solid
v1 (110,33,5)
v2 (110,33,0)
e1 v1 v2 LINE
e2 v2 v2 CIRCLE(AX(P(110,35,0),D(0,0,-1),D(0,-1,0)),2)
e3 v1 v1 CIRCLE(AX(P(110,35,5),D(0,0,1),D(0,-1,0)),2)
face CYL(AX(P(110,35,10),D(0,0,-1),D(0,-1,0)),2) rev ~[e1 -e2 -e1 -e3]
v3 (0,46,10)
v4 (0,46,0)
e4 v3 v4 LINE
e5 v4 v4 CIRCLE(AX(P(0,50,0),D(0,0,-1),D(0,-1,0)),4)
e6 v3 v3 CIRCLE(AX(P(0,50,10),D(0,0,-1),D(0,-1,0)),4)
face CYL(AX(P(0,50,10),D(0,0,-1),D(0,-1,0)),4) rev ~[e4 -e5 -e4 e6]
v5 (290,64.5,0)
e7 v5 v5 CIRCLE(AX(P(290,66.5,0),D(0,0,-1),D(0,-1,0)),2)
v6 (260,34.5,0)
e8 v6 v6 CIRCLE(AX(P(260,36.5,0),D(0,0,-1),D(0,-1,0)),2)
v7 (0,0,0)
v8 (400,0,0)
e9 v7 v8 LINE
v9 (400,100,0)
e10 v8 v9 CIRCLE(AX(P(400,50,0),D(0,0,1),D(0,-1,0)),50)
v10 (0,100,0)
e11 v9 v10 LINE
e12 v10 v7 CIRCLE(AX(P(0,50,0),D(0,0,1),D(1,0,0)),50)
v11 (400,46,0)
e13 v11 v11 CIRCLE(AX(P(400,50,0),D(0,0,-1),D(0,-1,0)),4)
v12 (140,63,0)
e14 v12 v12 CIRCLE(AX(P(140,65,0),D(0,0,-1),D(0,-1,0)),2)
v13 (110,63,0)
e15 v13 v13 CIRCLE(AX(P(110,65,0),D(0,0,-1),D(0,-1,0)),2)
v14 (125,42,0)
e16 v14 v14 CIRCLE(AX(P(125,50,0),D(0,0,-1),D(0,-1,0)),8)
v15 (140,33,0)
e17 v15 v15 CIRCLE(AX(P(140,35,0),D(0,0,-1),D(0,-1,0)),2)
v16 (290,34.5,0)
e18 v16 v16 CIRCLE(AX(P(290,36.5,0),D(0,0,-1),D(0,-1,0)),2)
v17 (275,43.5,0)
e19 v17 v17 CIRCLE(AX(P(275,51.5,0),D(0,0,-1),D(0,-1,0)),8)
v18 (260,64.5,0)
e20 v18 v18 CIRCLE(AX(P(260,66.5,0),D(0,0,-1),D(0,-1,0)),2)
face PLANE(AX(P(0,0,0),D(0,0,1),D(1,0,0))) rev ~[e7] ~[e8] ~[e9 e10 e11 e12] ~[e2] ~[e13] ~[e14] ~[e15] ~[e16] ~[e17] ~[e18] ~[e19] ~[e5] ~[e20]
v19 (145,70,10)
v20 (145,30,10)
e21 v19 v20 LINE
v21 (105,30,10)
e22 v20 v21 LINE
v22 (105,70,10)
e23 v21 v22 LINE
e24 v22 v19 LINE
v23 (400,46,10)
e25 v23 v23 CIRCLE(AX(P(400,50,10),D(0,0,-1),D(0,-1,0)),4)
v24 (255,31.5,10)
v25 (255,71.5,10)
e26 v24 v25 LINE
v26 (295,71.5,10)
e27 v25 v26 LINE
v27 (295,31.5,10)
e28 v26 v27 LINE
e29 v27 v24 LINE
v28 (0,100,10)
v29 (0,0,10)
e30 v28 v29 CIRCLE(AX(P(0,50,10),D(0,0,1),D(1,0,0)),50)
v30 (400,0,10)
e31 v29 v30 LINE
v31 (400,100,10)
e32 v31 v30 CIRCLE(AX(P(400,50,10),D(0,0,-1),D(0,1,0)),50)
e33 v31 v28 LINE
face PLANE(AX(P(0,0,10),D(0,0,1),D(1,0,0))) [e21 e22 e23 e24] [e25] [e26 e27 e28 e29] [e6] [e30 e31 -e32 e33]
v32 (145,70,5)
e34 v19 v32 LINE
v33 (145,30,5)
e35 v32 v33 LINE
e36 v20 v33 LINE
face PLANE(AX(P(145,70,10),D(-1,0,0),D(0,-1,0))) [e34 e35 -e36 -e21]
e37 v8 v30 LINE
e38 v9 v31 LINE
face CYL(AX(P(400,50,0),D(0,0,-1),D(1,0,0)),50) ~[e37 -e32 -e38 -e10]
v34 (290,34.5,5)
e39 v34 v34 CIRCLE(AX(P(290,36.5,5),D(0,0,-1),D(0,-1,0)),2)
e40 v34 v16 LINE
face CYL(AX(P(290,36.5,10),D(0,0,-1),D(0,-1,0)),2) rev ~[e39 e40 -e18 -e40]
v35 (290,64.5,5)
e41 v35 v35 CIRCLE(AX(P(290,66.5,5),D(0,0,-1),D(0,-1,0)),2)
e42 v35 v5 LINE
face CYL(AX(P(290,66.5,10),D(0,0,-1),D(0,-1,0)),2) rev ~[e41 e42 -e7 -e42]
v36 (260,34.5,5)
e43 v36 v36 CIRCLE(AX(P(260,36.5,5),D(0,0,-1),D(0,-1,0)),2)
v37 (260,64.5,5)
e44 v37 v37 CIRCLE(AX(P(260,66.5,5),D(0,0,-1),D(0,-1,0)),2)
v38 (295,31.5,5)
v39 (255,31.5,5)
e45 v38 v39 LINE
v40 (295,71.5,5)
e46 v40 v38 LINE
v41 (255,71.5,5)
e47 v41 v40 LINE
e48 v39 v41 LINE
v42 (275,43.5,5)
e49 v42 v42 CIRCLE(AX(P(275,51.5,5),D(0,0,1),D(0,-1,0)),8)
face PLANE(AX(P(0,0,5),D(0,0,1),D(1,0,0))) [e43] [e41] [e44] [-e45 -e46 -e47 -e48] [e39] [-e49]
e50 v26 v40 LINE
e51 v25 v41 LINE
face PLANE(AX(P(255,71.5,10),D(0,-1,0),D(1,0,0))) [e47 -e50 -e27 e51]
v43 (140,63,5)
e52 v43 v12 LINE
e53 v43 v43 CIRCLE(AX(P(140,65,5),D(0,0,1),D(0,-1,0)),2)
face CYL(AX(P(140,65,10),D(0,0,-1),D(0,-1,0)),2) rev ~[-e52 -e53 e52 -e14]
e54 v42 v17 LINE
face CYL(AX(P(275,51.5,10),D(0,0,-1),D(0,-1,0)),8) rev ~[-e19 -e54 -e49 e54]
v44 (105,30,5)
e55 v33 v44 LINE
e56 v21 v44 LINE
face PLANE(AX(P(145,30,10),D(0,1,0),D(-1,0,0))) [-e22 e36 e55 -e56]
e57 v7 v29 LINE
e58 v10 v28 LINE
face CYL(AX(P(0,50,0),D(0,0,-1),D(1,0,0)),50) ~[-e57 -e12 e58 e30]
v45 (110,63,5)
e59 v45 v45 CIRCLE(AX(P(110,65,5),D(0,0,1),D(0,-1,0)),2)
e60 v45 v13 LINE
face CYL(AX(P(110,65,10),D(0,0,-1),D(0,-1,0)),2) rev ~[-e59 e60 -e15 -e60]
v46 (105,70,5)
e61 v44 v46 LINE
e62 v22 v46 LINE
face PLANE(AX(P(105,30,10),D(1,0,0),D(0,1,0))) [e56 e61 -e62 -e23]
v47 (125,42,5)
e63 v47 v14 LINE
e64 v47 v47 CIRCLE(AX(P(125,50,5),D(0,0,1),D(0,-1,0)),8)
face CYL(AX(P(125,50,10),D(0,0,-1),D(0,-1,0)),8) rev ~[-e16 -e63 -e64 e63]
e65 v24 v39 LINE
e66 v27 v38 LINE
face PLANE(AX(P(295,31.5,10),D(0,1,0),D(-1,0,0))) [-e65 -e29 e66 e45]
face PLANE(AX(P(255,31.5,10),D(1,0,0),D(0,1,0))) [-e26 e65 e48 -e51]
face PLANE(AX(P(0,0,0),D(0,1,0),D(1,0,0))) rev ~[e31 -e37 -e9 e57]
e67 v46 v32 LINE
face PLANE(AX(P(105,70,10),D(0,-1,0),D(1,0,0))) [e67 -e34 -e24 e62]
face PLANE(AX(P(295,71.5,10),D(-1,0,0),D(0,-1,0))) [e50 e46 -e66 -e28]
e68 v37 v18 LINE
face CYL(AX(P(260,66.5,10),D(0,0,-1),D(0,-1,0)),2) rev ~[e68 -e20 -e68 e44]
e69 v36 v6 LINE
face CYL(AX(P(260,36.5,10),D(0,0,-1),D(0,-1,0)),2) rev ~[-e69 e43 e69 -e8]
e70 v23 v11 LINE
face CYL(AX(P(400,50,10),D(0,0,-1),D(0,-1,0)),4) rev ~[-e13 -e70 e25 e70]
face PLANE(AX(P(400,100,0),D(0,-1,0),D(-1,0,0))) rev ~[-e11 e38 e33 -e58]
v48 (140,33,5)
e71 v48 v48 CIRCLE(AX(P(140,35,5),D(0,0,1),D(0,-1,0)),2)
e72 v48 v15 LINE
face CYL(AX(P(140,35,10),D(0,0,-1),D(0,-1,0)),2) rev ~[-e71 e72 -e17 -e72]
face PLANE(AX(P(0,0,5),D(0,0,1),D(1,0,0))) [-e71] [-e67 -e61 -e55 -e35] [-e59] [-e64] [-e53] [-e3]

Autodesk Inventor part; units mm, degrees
ref_plane "YZ Plane" through (0, 0, 0) normal (1, 0, 0) x (0, 1, 0)
ref_plane "XZ Plane" through (0, 0, 0) normal (0, 1, 0) x (-1, 0, 0)
ref_plane "XY Plane" through (0, 0, 0) normal (0, 0, 1) x (1, 0, 0)
sketch "Sketch1" plane through (0, 0, 0) normal (0, 0, 1) x (1, 0, 0)
  line L0 (0, 0) -> (400, 0)
  line L1 (400, 0) -> (400, 100)
  line L2 (400, 100) -> (0, 100)
  line L3 (0, 100) -> (0, 0)
  circle A0 centre (0, 50) radius 50
  circle A1 centre (400, 50) radius 50
  dimension "d0" = 400
  dimension "d1" = 100
extrude "Extrusion1" add sketch "Sketch1" along normal blind 10
sketch "Sketch2" plane through (0, 0, 10) normal (0, 0, 1) x (1, 0, 0)
  arc A0 (0, 100) -> (0, 0) centre (0, 50) ccw projected
  arc A1 (400, 0) -> (400, 100) centre (400, 50) ccw projected
hole "Hole1" at (0, 50, 10) at (400, 50, 10) direction (0, 0, -1) diameter 8 end through all
sketch "Sketch3" plane through (0, 0, 10) normal (0, 0, 1) x (1, 0, 0)
  circle A0 centre (0, 50) radius 4 projected
  circle A1 centre (400, 50) radius 4 projected
  point P0 (125, 50)
  point P1 (275, 51.5)
  dimension "d11" = 125
  dimension "d55" = 125
hole "Hole2" at (125, 50, 10) at (275, 51.5, 10) direction (0, 0, -1) diameter 16 end through all
sketch "Sketch4" plane through (0, 0, 10) normal (0, 0, 1) x (1, 0, 0)
  circle A0 centre (275, 51.5) radius 8 projected
  circle A1 centre (125, 50) radius 8 projected
  line L0 (110, 65) -> (140, 65)
  line L1 (140, 65) -> (140, 35)
  line L2 (140, 35) -> (110, 35)
  line L3 (110, 35) -> (110, 65)
  line L4 (260, 66.5) -> (290, 66.5)
  line L5 (290, 66.5) -> (290, 36.5)
  line L6 (290, 36.5) -> (260, 36.5)
  line L7 (260, 36.5) -> (260, 66.5)
  dimension "d22" = 30
  dimension "d23" = 30
  dimension "d26" = 30
  dimension "d27" = 30
  dimension "d30" = 15
  dimension "d32" = 15
  dimension "d34" = 15
  dimension "d36" = 15
hole "Hole3" at (110, 35, 10) at (110, 65, 10) at (140, 65, 10) at (140, 35, 10) at (260, 36.5, 10) at (260, 66.5, 10) at (290, 66.5, 10) at (290, 36.5, 10) direction (0, 0, -1) diameter 4 end through all
sketch "Sketch5" plane through (0, 0, 10) normal (0, 0, 1) x (1, 0, 0)
  circle A0 centre (140, 35) radius 2 projected
  circle A1 centre (140, 65) radius 2 projected
  circle A2 centre (110, 65) radius 2 projected
  circle A3 centre (110, 35) radius 2 projected
  circle A4 centre (125, 50) radius 8 projected
  line L0 (105, 70) -> (145, 70)
  line L1 (145, 70) -> (145, 30)
  line L2 (145, 30) -> (105, 30)
  line L3 (105, 30) -> (105, 70)
  circle A5 centre (275, 51.5) radius 8 projected
  line L4 (255, 71.5) -> (295, 71.5)
  line L5 (295, 71.5) -> (295, 31.5)
  line L6 (295, 31.5) -> (255, 31.5)
  line L7 (255, 31.5) -> (255, 71.5)
  dimension "d45" = 40
  dimension "d46" = 40
  dimension "d47" = 20
  dimension "d48" = 20
  dimension "d51" = 40
  dimension "d52" = 40
  dimension "d53" = 20
  dimension "d54" = 20
extrude "Extrusion2" cut sketch "Sketch5" against normal blind 5
equation "\"d55\" = d11"
equation "\"d32\" = d30"
equation "\"d36\" = d34"
properties part number "base side"
